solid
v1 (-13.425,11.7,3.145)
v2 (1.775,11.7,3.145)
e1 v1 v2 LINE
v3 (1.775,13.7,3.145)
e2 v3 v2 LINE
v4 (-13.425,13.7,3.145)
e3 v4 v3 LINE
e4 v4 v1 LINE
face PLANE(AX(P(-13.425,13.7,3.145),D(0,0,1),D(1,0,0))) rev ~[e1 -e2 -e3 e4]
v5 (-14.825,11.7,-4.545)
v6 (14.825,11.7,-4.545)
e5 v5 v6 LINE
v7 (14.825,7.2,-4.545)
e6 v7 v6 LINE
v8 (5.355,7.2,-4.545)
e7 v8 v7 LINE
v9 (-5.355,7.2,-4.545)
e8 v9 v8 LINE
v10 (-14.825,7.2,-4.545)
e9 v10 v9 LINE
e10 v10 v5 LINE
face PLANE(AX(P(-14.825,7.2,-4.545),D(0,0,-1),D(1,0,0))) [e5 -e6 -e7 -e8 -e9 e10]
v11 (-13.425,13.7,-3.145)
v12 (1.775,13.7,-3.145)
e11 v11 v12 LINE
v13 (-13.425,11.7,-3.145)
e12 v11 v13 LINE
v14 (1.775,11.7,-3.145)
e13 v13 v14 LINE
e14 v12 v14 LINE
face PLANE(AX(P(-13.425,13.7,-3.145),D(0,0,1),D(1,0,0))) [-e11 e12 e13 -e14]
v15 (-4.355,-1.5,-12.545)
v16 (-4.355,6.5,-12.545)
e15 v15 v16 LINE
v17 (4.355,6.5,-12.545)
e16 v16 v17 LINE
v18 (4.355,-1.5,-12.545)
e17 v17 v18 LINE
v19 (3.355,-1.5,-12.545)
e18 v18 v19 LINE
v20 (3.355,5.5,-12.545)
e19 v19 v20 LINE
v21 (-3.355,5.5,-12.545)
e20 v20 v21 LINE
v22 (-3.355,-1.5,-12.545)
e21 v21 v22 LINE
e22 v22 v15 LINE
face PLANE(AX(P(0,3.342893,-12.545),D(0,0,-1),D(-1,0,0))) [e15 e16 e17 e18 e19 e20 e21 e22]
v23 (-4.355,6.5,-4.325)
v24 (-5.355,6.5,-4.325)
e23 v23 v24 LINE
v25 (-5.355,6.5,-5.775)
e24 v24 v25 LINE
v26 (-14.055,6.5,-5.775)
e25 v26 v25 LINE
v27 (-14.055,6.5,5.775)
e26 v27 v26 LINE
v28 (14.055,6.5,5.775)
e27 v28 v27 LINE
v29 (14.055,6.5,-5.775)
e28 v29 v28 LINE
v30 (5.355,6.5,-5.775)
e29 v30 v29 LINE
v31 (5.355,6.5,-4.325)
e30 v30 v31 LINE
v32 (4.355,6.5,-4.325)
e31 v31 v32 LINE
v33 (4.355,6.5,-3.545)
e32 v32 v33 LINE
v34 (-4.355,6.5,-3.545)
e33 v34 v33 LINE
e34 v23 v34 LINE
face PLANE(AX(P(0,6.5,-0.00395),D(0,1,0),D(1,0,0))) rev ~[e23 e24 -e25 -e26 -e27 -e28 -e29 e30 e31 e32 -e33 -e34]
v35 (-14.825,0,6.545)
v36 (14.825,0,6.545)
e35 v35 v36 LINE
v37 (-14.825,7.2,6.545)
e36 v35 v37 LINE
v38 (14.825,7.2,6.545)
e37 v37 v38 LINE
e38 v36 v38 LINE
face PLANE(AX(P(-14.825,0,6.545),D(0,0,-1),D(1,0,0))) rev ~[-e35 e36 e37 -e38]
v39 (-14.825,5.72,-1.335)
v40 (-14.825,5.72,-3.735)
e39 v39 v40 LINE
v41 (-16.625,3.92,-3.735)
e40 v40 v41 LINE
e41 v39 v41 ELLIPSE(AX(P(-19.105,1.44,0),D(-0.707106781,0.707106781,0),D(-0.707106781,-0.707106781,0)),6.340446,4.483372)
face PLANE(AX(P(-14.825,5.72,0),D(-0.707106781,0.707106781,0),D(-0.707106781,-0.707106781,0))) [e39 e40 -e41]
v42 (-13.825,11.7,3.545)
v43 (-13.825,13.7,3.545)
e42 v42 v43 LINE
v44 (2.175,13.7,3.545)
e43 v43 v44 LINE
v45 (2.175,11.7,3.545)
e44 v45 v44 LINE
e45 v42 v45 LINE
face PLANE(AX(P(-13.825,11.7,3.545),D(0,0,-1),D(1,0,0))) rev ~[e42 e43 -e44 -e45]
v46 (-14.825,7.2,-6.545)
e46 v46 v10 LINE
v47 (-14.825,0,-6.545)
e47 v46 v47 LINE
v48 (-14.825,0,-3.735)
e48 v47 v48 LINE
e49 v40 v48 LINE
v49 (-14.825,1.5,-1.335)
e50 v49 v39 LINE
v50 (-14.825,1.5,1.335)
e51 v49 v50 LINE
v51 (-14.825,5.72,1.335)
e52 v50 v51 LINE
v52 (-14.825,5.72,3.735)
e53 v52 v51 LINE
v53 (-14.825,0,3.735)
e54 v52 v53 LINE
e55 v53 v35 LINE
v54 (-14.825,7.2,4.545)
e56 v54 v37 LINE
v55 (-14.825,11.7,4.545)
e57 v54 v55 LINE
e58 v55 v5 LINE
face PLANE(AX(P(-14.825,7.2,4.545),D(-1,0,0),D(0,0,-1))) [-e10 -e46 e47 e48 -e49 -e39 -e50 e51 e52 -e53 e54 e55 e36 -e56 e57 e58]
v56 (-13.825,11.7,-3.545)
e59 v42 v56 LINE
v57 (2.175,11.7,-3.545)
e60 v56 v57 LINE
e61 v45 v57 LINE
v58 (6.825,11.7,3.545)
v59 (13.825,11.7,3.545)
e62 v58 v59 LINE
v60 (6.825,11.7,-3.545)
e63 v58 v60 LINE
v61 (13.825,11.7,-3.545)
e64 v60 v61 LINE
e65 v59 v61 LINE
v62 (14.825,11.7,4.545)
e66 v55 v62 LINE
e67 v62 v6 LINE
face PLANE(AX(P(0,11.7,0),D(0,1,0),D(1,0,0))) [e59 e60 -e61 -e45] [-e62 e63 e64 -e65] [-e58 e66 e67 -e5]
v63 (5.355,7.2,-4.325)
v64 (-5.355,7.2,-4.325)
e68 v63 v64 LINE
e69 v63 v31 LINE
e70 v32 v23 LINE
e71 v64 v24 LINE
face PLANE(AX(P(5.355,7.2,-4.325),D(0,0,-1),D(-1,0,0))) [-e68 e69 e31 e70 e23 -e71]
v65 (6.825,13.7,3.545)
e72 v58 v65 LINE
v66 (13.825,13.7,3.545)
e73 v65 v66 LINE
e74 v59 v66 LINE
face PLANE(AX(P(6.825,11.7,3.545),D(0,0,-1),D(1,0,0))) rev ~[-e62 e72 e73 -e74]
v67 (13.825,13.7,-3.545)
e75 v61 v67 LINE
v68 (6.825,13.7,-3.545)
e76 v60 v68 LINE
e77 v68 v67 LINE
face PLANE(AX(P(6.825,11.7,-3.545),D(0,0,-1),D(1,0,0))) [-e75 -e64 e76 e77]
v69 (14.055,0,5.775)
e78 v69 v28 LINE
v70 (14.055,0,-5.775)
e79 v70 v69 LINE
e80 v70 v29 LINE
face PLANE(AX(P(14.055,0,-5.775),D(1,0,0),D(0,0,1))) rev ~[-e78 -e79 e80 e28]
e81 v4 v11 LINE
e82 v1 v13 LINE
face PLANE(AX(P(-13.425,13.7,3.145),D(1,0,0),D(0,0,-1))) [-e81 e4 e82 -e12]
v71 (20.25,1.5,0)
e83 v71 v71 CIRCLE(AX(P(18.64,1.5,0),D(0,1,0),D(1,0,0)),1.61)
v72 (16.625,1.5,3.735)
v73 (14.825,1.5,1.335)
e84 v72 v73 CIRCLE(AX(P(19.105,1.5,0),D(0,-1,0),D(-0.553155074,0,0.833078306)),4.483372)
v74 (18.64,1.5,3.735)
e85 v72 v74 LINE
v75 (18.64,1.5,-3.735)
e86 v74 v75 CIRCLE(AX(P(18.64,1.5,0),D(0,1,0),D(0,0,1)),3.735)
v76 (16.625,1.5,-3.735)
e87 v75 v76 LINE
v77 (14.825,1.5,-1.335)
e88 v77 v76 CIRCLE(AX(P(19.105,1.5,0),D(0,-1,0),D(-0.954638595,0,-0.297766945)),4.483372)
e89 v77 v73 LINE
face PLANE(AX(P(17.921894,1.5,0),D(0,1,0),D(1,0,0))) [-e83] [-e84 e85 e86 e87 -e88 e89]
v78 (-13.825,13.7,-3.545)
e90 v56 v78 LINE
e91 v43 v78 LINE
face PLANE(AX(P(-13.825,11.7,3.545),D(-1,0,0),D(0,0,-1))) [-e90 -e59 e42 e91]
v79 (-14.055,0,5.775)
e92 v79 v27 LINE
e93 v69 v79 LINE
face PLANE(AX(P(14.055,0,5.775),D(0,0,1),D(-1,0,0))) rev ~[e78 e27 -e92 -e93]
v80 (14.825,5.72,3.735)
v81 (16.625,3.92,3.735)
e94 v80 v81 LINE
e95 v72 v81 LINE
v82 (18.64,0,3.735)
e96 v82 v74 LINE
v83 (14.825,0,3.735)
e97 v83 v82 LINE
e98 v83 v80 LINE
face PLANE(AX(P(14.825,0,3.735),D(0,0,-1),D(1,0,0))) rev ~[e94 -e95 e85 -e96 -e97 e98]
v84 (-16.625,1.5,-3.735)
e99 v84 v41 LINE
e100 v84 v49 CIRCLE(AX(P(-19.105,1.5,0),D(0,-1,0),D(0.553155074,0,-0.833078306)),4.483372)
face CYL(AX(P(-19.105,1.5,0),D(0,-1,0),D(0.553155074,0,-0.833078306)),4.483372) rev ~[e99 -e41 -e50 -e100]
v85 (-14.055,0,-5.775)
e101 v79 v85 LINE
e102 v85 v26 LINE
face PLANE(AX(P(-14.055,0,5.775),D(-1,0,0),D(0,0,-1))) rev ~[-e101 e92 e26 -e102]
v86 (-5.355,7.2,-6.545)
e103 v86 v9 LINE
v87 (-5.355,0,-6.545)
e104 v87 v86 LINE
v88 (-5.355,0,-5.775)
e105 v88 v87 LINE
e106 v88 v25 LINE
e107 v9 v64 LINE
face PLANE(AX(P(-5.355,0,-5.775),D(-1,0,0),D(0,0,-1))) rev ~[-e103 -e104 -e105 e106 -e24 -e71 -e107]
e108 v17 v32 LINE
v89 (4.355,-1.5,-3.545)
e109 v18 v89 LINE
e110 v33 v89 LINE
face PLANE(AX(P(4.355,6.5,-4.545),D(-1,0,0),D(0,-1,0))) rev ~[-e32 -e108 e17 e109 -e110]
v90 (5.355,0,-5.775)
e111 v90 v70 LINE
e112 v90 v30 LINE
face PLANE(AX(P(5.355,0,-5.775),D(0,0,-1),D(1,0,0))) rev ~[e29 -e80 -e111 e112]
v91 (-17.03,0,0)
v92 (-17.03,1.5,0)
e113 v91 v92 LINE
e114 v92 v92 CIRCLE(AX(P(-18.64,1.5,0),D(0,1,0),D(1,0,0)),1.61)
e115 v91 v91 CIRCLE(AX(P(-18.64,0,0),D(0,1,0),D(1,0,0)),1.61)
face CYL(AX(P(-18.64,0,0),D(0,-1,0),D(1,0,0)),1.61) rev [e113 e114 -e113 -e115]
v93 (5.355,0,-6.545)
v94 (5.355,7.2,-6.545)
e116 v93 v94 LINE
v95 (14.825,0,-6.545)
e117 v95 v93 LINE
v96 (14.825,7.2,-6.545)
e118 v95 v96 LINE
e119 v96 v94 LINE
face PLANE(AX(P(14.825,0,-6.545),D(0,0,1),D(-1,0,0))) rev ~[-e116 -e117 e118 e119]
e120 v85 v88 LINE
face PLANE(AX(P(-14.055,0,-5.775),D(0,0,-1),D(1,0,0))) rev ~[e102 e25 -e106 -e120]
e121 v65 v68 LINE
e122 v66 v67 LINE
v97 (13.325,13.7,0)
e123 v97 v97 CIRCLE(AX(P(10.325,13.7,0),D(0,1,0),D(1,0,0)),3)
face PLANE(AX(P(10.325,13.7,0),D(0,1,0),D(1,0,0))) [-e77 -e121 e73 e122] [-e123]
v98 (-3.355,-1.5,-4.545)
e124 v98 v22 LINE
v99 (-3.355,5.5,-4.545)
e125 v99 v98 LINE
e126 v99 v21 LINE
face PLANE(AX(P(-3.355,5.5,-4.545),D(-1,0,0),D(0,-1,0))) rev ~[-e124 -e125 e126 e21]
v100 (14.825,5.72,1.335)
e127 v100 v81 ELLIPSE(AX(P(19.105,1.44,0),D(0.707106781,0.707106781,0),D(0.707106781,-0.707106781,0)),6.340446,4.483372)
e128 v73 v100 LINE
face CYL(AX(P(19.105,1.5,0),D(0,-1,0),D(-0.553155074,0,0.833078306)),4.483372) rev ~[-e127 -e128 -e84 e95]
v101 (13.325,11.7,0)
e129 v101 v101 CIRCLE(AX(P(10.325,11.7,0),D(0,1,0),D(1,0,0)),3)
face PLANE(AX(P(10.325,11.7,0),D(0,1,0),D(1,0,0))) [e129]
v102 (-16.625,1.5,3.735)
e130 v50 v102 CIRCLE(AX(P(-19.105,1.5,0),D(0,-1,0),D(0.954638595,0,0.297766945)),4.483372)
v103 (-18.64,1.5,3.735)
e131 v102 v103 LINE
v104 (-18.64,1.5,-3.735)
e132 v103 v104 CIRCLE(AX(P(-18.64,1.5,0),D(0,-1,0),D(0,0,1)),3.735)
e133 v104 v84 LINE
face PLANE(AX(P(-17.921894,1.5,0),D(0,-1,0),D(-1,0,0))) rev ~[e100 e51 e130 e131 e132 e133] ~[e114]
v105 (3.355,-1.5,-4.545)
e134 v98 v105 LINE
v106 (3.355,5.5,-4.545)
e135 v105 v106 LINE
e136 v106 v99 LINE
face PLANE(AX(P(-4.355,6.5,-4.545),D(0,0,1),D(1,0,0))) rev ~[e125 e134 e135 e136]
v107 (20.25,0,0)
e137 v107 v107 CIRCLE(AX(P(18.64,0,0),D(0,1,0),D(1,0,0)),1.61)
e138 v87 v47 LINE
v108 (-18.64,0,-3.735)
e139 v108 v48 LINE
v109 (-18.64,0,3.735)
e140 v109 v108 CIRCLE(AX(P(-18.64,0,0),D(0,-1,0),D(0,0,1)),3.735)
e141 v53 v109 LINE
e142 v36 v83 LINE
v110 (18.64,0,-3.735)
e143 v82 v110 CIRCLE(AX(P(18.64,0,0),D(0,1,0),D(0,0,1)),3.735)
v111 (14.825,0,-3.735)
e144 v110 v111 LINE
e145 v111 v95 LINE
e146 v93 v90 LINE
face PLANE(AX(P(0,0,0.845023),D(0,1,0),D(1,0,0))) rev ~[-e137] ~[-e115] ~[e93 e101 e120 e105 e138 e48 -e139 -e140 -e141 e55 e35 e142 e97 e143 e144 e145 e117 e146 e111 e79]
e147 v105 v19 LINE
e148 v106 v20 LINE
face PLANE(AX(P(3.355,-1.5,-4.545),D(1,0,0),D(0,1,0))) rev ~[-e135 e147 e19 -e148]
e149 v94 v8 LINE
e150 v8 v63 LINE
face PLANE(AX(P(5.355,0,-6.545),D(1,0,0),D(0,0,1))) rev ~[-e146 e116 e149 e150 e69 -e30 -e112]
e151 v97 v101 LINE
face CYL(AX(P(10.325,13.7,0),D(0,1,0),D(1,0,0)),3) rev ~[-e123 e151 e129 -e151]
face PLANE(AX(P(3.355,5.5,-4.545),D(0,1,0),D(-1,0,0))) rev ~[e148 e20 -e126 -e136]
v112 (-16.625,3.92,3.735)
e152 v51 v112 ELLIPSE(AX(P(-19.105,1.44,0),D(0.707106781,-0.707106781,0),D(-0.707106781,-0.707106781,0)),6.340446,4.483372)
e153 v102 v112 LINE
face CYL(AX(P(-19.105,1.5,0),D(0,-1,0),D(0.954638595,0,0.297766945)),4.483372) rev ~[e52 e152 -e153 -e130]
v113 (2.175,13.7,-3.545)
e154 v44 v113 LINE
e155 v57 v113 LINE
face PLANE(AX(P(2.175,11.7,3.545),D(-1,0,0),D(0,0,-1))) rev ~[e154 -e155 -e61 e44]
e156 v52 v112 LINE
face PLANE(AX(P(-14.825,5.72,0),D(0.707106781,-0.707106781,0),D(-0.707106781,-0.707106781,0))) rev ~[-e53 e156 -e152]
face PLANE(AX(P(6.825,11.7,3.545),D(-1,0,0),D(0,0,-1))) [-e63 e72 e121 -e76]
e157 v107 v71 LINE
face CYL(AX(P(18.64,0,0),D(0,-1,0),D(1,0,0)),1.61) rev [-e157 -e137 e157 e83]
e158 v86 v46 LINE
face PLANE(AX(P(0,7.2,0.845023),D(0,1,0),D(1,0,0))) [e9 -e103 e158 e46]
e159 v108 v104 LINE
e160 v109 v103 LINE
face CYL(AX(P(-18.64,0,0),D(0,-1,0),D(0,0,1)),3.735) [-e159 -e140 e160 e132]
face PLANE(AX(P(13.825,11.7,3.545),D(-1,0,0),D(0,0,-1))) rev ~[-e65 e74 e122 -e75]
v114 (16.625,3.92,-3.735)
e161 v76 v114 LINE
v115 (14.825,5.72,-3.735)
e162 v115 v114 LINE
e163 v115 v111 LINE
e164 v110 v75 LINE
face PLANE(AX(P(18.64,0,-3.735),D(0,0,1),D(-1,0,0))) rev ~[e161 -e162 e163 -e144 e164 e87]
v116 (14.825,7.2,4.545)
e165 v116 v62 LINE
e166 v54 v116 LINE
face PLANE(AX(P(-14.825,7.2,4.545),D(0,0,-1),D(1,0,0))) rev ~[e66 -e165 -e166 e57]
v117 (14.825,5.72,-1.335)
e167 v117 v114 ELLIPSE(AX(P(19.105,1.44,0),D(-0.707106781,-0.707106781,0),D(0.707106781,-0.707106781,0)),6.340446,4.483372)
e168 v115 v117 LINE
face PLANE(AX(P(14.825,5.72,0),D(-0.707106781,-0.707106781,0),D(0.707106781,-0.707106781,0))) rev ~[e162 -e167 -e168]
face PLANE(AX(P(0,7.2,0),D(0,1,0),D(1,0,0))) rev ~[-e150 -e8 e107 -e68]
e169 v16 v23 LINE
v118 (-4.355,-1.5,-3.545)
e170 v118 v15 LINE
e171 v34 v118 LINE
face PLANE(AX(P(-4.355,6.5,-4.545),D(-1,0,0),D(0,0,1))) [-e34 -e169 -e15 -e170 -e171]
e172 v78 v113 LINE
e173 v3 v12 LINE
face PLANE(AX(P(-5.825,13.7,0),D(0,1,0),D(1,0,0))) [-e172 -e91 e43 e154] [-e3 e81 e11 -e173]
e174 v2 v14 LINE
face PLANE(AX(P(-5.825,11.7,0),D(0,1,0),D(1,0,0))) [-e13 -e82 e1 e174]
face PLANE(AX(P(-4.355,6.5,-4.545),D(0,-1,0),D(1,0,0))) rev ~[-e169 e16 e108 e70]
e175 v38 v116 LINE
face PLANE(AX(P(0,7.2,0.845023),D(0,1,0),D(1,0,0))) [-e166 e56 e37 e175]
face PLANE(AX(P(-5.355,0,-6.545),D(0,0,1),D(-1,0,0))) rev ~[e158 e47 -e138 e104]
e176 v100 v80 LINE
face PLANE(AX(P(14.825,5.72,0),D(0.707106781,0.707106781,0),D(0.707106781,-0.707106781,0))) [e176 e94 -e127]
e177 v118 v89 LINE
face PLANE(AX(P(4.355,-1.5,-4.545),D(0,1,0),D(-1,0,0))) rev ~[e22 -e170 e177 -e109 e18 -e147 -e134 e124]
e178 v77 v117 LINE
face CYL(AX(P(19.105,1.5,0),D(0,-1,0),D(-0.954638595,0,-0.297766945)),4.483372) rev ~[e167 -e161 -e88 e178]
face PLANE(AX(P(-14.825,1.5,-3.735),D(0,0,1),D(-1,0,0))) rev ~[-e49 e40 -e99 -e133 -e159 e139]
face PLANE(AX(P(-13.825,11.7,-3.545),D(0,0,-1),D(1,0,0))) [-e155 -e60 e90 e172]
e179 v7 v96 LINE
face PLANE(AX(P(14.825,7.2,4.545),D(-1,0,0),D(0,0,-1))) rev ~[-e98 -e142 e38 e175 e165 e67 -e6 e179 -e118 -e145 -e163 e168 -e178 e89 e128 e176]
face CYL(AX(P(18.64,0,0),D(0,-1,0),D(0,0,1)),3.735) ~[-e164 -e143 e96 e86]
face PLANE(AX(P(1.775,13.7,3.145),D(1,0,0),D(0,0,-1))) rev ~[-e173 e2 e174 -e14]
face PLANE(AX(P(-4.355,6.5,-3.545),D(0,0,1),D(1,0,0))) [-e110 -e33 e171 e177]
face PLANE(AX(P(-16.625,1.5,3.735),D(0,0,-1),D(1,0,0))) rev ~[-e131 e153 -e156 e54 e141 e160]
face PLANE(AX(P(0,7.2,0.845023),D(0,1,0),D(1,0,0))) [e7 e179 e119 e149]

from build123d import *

# Parameters (mm, degrees)
BOSS_EXTRUDE1_DEPTH     = 7.2
SKETCH2_R               = 1.61
BOSS_EXTRUDE2_DEPTH     = 1.5
BOSS_EXTRUDE3_DEPTH     = 0.7
BOSS_EXTRUDE7_DEPTH     = 4.22
CUT_EXTRUDE1_DEPTH      = 7.544999991
CUT_EXTRUDE1_DEPTH_BACK = 7.544999991
ESQUISSE1_W             = 29.65
ESQUISSE1_H             = 9.089999982
BOSS_EXTRU_1_DEPTH      = 4.5
ESQUISSE3_W             = 16
ESQUISSE3_H             = 7.089999982
ESQUISSE3_W_2           = 7
BOSS_EXTRU_2_DEPTH      = 2
ESQUISSE4_R             = 3
ESQUISSE4_W             = 15.2
ESQUISSE4_H             = 6.289999982
ENL_V_MAT_EXTRU_1_DEPTH = 2
ESQUISSE5_W             = 8.71
ESQUISSE5_H             = 1
BOSS_EXTRU_3_DEPTH      = 8
BOSS_EXTRU_4_DEPTH      = 8


with BuildPart() as part:
    # Sketch1 → Boss-Extrude1 (new body)
    with BuildSketch(Plane(origin=(0, 0, 0), x_dir=(1, 0, 0), z_dir=(0, 1, 0))):
        Polygon((-14.055, 5.774999991), (-5.355, 5.774999991), (-5.355, 6.544999991), (-14.825, 6.544999991), (-14.825, -6.544999991), (14.825, -6.544999991), (14.825, 6.544999991), (5.355, 6.544999991), (5.355, 5.774999991), (14.055, 5.774999991), (14.055, -5.774999991), (-14.055, -5.774999991), align=None)
    extrude(amount=BOSS_EXTRUDE1_DEPTH)

    # Sketch2 → Boss-Extrude2 (add)
    with BuildSketch(Plane(origin=(0, 0, 0), x_dir=(1, 0, 0), z_dir=(0, 1, 0))):
        with BuildLine():
            Line((18.64, 3.735), (14.825, 3.735))
            Line((14.825, 3.735), (14.825, -3.735))
            Line((14.825, -3.735), (18.64, -3.735))
            ThreePointArc((18.64, -3.735), (22.375, 0), (18.64, 3.735))
        make_face()
        with Locations((18.64, 0)):
            Circle(SKETCH2_R, mode=Mode.SUBTRACT)
        with BuildLine():
            Line((-14.825, 3.735), (-14.825, -3.735))
            Line((-14.825, -3.735), (-18.64, -3.735))
            ThreePointArc((-18.64, -3.735), (-22.375, 0), (-18.64, 3.735))
            Line((-18.64, 3.735), (-14.825, 3.735))
        make_face()
        with Locations((-18.64, 0)):
            Circle(SKETCH2_R, mode=Mode.SUBTRACT)
    extrude(amount=BOSS_EXTRUDE2_DEPTH)

    # Sketch3 → Boss-Extrude3 (add)
    with BuildSketch(Plane(origin=(0, 7.2, 0), x_dir=(1, 0, 0), z_dir=(0, 1, 0))):
        Polygon((-14.825, -6.544999991), (14.825, -6.544999991), (14.825, 6.544999991), (5.355, 6.544999991), (5.355, 4.324999991), (-5.355, 4.324999991), (-5.355, 6.544999991), (-14.825, 6.544999991), align=None)
    extrude(amount=-BOSS_EXTRUDE3_DEPTH)

    # Sketch7 → Boss-Extrude7 (add)
    with BuildSketch(Plane(origin=(0, 1.5, 0), x_dir=(1, 0, 0), z_dir=(0, 1, 0))):
        with BuildLine():
            Line((-14.825, 3.735), (-16.625, 3.735))
            ThreePointArc((-16.625, 3.735), (-15.518302355, 2.690023234), (-14.825, 1.335))
            Line((-14.825, 1.335), (-14.825, 3.735))
        make_face()
        with BuildLine():
            Line((-14.825, -3.735), (-14.825, -1.335))
            ThreePointArc((-14.825, -1.335), (-15.518302355, -2.690023234), (-16.625, -3.735))
            Line((-16.625, -3.735), (-14.825, -3.735))
        make_face()
        with BuildLine():
            Line((14.825, -3.735), (16.625, -3.735))
            ThreePointArc((16.625, -3.735), (15.518302355, -2.690023234), (14.825, -1.335))
            Line((14.825, -1.335), (14.825, -3.735))
        make_face()
        with BuildLine():
            Line((14.825, 3.735), (14.825, 1.335))
            ThreePointArc((14.825, 1.335), (15.518302355, 2.690023234), (16.625, 3.735))
            Line((16.625, 3.735), (14.825, 3.735))
        make_face()
    extrude(amount=BOSS_EXTRUDE7_DEPTH)

    # Sketch8 → Cut-Extrude1 (cut, two sides)
    with BuildSketch(Plane.XY) as cut_extrude1_sk:
        Polygon((-14.825, 5.72), (-16.625, 3.92), (-16.625, 5.72), align=None)
        Polygon((14.825, 5.72), (16.625, 3.92), (16.625, 5.72), align=None)
    extrude(amount=CUT_EXTRUDE1_DEPTH, mode=Mode.SUBTRACT)
    extrude(cut_extrude1_sk.sketch, amount=-CUT_EXTRUDE1_DEPTH_BACK, mode=Mode.SUBTRACT)

    # Esquisse1 → Boss.-Extru.1 (add)
    with BuildSketch(Plane(origin=(0, 7.2, 0), x_dir=(1, 0, 0), z_dir=(0, 1, 0))):
        Rectangle(ESQUISSE1_W, ESQUISSE1_H)
    extrude(amount=BOSS_EXTRU_1_DEPTH)

    # Esquisse3 → Boss.-Extru.2 (add)
    with BuildSketch(Plane(origin=(0, 11.7, 0), x_dir=(1, 0, 0), z_dir=(0, 1, 0))):
        with Locations((-5.825, 0)):
            Rectangle(ESQUISSE3_W, ESQUISSE3_H)
        with Locations((10.325, 0)):
            Rectangle(ESQUISSE3_W_2, ESQUISSE3_H)
    extrude(amount=BOSS_EXTRU_2_DEPTH)

    # Esquisse4 → Enlèv. mat.-Extru.1 (cut)
    with BuildSketch(Plane(origin=(0, 13.7, 0), x_dir=(1, 0, 0), z_dir=(0, 1, 0))):
        with Locations((10.325, 0)):
            Circle(ESQUISSE4_R)
        with Locations((-5.825, 0)):
            Rectangle(ESQUISSE4_W, ESQUISSE4_H)
    extrude(amount=-ENL_V_MAT_EXTRU_1_DEPTH, mode=Mode.SUBTRACT)

    # Esquisse5 → Boss.-Extru.3 (add)
    with BuildSketch(Plane.XZ.offset(-6.5)):
        with Locations((0, -4.044999991)):
            Rectangle(ESQUISSE5_W, ESQUISSE5_H)
    extrude(amount=BOSS_EXTRU_3_DEPTH)

    # Esquisse6 → Boss.-Extru.4 (add)
    with BuildSketch(Plane(origin=(0, 0, -4.544999991), x_dir=(-1, 0, 0), z_dir=(0, 0, -1))):
        Polygon((-4.355, -1.5), (-3.355, -1.5), (-3.355, 5.5), (3.355, 5.5), (3.355, -1.5), (4.355, -1.5), (4.355, 6.5), (-4.355, 6.5), align=None)
    extrude(amount=BOSS_EXTRU_4_DEPTH)


solid = part.part
